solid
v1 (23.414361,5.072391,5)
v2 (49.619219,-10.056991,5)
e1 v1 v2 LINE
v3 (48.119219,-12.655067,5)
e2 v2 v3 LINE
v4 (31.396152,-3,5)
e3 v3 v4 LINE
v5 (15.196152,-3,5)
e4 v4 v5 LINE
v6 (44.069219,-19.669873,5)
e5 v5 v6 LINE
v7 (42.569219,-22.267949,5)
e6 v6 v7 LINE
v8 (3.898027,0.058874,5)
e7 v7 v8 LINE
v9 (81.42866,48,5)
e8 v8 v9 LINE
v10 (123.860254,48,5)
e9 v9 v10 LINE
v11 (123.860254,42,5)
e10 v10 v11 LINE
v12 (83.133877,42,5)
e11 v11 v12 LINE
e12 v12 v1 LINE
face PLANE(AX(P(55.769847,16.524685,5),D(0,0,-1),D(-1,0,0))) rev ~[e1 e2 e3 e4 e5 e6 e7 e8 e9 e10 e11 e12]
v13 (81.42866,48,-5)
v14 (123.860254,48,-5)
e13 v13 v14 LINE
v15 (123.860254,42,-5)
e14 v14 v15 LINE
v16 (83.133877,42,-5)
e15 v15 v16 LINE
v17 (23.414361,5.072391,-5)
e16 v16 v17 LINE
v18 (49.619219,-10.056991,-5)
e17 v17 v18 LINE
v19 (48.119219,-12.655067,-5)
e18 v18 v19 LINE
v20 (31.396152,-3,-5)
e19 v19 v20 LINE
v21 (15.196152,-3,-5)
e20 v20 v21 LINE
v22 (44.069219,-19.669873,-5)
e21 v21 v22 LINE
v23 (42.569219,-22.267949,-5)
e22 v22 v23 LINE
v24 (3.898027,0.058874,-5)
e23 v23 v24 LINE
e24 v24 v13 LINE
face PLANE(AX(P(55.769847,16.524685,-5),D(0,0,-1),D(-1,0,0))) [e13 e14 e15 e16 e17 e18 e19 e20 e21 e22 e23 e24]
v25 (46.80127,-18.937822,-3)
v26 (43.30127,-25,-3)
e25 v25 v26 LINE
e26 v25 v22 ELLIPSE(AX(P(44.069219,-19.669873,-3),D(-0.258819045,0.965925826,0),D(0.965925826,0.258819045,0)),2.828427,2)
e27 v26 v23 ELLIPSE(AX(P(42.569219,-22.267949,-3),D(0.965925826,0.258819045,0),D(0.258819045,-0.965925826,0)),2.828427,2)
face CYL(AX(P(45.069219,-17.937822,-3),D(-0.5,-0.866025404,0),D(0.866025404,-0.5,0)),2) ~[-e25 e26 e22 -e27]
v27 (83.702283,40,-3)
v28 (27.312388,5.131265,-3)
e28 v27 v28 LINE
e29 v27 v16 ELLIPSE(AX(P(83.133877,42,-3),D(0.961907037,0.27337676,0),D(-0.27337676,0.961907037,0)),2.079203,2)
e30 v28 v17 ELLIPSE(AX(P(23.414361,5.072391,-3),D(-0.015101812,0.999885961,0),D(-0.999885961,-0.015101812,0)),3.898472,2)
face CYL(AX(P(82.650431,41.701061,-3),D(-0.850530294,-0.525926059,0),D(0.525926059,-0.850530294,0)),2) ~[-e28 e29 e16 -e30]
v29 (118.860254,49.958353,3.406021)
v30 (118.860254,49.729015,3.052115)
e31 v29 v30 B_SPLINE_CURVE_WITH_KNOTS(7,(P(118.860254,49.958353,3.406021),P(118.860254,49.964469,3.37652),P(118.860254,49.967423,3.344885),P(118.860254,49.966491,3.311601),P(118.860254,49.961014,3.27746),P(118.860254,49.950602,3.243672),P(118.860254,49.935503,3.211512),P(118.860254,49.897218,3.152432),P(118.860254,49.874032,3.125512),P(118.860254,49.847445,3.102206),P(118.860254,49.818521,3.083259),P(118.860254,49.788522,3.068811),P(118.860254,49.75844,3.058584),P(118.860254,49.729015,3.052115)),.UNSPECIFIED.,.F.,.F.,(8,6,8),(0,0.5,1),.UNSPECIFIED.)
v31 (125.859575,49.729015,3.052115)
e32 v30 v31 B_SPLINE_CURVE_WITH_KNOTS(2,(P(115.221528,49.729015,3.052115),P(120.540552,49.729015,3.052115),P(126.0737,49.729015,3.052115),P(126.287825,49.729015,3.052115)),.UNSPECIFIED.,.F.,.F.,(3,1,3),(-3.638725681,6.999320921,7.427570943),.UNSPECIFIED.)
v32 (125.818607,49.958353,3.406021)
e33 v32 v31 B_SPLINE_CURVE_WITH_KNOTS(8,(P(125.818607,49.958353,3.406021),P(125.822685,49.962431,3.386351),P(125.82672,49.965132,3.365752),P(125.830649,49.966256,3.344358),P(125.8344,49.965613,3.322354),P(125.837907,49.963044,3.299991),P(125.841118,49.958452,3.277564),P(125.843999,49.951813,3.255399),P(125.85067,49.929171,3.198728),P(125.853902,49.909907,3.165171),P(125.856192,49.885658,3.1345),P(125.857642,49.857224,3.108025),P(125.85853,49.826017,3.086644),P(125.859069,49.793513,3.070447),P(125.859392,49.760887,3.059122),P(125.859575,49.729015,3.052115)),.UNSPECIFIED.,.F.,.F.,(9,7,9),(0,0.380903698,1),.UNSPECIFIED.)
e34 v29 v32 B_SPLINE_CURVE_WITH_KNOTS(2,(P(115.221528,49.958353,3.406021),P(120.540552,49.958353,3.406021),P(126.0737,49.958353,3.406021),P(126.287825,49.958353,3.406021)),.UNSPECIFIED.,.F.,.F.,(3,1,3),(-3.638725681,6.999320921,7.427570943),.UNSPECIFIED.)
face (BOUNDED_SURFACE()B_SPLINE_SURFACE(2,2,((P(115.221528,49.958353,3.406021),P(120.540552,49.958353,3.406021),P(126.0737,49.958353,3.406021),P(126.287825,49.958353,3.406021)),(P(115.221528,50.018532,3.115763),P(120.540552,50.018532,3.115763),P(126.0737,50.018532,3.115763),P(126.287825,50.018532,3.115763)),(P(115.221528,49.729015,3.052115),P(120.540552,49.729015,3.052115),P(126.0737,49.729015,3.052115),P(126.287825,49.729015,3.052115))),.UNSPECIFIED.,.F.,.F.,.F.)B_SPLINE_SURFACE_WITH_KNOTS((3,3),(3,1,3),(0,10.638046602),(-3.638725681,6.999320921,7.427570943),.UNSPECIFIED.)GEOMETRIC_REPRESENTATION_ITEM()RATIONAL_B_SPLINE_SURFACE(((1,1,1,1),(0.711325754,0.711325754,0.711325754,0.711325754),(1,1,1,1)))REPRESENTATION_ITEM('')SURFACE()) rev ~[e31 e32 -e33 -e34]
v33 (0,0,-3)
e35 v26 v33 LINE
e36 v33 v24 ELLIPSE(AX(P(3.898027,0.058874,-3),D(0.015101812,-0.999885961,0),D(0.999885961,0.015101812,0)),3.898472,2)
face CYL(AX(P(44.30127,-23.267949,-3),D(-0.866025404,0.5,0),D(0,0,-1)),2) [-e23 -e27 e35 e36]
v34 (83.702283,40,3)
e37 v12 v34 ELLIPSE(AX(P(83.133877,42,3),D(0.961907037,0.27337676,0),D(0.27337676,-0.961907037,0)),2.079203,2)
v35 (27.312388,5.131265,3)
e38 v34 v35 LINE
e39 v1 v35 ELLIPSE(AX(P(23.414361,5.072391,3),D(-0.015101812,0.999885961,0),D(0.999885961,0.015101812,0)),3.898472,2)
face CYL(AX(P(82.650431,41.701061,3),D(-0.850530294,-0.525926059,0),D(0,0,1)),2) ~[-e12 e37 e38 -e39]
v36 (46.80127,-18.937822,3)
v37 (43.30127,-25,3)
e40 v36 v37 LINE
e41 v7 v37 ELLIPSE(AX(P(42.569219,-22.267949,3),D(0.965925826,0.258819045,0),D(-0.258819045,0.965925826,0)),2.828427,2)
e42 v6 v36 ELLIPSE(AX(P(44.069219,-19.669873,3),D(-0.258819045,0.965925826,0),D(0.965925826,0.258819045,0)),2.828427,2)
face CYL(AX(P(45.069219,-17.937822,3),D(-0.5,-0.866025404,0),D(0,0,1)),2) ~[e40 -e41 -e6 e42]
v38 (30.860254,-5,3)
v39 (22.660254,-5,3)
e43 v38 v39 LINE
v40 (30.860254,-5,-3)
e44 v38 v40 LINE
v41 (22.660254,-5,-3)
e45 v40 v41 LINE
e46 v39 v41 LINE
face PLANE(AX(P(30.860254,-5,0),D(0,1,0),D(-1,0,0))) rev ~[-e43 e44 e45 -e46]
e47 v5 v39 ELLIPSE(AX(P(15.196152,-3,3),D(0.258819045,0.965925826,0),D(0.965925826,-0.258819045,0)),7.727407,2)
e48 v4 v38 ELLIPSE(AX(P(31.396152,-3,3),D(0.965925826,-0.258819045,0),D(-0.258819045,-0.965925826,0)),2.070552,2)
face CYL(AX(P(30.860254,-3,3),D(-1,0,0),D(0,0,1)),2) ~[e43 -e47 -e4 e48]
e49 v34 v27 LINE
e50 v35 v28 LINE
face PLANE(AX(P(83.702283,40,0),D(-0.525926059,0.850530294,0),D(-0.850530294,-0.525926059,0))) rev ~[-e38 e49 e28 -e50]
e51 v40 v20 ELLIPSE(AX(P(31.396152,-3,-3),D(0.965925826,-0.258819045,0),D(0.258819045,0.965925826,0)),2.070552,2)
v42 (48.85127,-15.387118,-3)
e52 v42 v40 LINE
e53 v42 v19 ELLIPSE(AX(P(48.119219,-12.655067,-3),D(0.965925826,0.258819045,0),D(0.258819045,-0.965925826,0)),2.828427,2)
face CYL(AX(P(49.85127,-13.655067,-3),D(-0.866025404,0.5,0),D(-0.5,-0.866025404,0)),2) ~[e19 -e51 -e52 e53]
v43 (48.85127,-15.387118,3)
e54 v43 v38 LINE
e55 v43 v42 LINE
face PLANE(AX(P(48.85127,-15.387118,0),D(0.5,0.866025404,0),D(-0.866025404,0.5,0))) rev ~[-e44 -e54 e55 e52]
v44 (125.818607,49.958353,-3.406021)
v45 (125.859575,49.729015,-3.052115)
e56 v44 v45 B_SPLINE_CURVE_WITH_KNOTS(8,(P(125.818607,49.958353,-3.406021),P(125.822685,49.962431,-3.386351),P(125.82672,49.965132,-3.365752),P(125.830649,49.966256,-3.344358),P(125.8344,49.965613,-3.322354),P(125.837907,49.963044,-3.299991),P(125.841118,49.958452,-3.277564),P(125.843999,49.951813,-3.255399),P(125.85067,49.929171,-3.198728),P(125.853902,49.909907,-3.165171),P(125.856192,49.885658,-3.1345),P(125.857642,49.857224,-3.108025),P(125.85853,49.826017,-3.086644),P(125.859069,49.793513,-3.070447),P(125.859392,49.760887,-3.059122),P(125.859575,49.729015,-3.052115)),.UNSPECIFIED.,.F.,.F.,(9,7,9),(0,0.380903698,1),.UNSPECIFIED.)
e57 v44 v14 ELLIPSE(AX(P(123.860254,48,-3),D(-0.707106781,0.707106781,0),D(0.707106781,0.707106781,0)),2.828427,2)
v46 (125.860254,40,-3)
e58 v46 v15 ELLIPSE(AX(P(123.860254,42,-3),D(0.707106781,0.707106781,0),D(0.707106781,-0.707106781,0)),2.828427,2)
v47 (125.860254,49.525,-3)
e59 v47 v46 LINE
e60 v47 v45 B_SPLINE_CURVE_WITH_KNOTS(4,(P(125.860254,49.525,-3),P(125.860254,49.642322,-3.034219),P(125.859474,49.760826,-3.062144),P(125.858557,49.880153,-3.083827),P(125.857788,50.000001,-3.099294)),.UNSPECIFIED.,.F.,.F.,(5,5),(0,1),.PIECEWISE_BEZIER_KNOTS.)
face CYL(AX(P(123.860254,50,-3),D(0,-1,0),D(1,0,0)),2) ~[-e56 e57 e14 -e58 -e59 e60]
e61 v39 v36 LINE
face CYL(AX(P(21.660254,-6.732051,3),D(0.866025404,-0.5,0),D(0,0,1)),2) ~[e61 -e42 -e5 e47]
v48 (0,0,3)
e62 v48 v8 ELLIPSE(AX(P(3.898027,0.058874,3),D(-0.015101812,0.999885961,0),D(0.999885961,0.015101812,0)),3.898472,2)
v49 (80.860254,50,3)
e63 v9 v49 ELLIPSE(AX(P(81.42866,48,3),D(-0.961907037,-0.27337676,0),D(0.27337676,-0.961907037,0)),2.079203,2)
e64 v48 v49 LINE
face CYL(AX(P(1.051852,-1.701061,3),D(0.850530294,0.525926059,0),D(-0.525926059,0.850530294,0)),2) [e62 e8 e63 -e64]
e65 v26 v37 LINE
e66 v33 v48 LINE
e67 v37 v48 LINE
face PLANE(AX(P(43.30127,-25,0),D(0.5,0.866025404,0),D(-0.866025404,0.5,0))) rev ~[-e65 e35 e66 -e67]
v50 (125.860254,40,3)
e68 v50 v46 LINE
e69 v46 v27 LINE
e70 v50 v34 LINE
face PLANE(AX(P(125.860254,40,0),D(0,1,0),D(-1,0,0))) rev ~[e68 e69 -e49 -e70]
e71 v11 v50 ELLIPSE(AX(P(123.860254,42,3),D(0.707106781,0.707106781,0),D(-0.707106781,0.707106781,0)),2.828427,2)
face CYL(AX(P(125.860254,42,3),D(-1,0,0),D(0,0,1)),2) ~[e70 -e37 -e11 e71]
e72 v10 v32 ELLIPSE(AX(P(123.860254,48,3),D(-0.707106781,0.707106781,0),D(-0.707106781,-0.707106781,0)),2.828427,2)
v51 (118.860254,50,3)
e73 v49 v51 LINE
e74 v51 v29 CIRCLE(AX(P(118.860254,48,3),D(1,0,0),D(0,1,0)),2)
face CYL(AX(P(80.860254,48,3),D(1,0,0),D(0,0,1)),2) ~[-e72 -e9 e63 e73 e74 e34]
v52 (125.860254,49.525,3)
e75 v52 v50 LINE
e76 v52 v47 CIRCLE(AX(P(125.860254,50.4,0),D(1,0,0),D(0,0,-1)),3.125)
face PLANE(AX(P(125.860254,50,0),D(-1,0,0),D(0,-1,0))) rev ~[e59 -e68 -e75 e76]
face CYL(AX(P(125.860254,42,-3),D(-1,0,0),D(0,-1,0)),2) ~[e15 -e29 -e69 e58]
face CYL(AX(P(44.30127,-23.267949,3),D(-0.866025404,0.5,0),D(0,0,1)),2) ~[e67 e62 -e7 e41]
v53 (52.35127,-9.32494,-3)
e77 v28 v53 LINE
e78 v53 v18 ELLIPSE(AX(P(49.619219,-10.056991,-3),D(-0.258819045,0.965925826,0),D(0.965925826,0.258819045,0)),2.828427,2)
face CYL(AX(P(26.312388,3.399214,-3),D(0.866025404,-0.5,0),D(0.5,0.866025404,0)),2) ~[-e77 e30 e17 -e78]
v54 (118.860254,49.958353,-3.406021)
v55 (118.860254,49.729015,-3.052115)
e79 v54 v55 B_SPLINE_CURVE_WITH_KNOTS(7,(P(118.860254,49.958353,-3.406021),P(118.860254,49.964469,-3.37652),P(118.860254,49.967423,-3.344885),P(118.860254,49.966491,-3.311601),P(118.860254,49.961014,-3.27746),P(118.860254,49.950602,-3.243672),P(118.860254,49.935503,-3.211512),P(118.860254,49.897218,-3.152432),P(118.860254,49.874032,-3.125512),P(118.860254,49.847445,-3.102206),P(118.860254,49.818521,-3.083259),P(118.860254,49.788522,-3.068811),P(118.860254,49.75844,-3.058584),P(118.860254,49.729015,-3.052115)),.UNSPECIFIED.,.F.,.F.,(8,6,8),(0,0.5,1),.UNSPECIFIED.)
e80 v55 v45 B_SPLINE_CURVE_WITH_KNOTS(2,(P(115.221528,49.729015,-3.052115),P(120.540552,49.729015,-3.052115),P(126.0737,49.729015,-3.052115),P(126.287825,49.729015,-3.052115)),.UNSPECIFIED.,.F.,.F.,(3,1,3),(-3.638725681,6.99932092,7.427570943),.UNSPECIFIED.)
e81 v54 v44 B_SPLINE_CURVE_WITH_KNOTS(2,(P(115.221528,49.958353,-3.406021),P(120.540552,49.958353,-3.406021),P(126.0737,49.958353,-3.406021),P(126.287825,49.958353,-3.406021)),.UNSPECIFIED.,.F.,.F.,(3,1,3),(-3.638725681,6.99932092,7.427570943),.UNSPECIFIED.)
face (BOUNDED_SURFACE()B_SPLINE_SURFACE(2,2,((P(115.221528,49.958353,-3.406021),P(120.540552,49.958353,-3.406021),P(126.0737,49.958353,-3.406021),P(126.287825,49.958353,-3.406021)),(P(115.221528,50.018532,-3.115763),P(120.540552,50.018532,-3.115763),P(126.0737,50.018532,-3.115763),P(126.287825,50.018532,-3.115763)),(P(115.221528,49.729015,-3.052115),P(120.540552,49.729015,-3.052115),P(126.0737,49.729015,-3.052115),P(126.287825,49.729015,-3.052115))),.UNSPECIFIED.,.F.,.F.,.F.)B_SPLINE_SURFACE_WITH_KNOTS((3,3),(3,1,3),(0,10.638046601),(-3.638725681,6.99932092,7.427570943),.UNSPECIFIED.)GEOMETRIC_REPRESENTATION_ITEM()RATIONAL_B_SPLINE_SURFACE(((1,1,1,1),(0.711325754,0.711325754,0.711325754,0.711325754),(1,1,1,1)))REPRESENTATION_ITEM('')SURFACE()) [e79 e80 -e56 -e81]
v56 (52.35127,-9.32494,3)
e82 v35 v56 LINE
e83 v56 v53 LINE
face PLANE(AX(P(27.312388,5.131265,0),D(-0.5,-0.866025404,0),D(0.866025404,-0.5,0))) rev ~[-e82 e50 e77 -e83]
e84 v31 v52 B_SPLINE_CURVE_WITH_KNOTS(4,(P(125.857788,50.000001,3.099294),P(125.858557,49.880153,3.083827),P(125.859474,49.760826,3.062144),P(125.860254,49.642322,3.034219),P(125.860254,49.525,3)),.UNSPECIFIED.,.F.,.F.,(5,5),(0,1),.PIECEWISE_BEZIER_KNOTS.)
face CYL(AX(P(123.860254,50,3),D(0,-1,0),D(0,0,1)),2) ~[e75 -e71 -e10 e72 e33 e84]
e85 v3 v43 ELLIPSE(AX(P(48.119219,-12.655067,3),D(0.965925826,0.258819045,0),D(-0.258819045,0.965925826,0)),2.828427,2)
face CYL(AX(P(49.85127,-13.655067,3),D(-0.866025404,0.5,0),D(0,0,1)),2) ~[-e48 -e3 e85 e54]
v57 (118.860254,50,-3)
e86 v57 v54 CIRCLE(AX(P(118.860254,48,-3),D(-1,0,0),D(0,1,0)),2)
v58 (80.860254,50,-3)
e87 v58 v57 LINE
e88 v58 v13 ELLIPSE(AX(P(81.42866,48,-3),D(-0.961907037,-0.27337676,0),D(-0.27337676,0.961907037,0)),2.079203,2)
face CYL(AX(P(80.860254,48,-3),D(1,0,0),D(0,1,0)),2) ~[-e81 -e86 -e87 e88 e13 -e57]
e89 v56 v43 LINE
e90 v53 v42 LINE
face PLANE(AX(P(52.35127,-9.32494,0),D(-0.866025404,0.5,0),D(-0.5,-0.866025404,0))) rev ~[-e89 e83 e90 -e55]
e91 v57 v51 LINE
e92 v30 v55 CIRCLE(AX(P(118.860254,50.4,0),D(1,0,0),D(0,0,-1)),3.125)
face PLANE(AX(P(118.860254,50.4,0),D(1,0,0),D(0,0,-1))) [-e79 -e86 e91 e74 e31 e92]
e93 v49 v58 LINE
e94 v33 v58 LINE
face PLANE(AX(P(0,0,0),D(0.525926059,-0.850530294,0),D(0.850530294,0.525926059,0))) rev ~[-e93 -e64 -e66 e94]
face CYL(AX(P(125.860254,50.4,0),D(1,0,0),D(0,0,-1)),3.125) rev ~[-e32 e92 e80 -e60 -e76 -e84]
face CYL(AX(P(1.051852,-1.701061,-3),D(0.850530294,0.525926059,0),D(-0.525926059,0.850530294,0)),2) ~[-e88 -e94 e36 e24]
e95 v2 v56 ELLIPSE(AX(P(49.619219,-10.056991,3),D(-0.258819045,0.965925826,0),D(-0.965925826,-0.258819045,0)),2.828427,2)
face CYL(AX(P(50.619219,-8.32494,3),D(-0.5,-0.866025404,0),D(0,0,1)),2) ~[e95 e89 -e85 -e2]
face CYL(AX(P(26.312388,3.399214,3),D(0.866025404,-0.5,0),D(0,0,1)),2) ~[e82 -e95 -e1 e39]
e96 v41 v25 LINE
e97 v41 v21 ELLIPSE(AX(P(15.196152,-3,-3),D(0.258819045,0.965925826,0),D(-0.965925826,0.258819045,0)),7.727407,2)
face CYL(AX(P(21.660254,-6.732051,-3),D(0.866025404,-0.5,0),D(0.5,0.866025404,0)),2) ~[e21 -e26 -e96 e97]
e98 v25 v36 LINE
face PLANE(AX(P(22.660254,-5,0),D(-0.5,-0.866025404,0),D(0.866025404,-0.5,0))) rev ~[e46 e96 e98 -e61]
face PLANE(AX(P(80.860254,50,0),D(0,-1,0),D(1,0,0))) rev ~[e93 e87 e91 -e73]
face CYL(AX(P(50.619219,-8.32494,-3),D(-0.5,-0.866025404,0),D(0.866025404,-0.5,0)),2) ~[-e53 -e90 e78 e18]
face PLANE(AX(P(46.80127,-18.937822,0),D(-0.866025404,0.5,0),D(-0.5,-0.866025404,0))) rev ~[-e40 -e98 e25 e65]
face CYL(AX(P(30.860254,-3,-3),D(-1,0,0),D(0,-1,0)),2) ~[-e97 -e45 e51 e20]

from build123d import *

# Parameters (mm, degrees)
BOSS_EXTRUDE1_DEPTH = 5
FILLET1_R           = 2
SKETCH2_R           = 3.125
CUT_EXTRUDE1_DEPTH  = 7
FILLET2_R           = 0.3


with BuildPart() as part:
    # Sketch1 → Boss-Extrude1 (new, symmetric)
    with BuildSketch(Plane.XY):
        Polygon((0, 0), (80.860254038, 50), (125.860254038, 50), (125.860254038, 40), (83.702282943, 40), (27.312387914, 5.13126523), (52.351270189, -9.324940192), (48.851270189, -15.387118018), (30.860254038, -5), (22.660254038, -5), (46.801270189, -18.937822174), (43.301270189, -25), align=None)
    extrude(amount=BOSS_EXTRUDE1_DEPTH, both=True)

    # Fillet1
    fillet1_edges = [part.edges().sort_by_distance(p)[0] for p in [
        (40.430127019, 25, -5),
        (103.360254038, 50, -5),
        (34.730762114, -11.968911087, 5),
        (125.860254038, 45, -5),
        (104.78126849, 40, -5),
        (55.507335428, 22.565632615, -5),
        (39.831829052, -2.096837481, -5),
        (50.601270189, -12.356029105, -5),
        (39.855762114, -10.193559009, -5),
        (26.760254038, -5, -5),
        (34.730762114, -11.968911087, -5),
        (45.051270189, -21.968911087, -5),
        (21.650635095, -12.5, -5),
        (26.760254038, -5, 5),
        (39.855762114, -10.193559009, 5),
        (50.601270189, -12.356029105, 5),
        (39.831829052, -2.096837481, 5),
        (55.507335428, 22.565632615, 5),
        (104.78126849, 40, 5),
        (125.860254038, 45, 5),
        (103.360254038, 50, 5),
        (40.430127019, 25, 5),
        (21.650635095, -12.5, 5),
        (45.051270189, -21.968911087, 5),
    ]]
    fillet(fillet1_edges, radius=FILLET1_R)

    # Sketch2 → Cut-Extrude1 (cut)
    with BuildSketch(Plane(origin=(125.860254038, 0, 0), x_dir=(0, 0, -1), z_dir=(1, 0, 0))):
        with Locations((0, 50.4)):
            Circle(SKETCH2_R)
    extrude(amount=-CUT_EXTRUDE1_DEPTH, mode=Mode.SUBTRACT)

    # Fillet2
    fillet2_edges = [part.edges().sort_by_distance(p)[0] for p in [
        (122.359028731, 49.997549387, 3.098977009),
        (122.359028731, 49.997549387, -3.098977009),
    ]]
    fillet(fillet2_edges, radius=FILLET2_R)


solid = part.part
